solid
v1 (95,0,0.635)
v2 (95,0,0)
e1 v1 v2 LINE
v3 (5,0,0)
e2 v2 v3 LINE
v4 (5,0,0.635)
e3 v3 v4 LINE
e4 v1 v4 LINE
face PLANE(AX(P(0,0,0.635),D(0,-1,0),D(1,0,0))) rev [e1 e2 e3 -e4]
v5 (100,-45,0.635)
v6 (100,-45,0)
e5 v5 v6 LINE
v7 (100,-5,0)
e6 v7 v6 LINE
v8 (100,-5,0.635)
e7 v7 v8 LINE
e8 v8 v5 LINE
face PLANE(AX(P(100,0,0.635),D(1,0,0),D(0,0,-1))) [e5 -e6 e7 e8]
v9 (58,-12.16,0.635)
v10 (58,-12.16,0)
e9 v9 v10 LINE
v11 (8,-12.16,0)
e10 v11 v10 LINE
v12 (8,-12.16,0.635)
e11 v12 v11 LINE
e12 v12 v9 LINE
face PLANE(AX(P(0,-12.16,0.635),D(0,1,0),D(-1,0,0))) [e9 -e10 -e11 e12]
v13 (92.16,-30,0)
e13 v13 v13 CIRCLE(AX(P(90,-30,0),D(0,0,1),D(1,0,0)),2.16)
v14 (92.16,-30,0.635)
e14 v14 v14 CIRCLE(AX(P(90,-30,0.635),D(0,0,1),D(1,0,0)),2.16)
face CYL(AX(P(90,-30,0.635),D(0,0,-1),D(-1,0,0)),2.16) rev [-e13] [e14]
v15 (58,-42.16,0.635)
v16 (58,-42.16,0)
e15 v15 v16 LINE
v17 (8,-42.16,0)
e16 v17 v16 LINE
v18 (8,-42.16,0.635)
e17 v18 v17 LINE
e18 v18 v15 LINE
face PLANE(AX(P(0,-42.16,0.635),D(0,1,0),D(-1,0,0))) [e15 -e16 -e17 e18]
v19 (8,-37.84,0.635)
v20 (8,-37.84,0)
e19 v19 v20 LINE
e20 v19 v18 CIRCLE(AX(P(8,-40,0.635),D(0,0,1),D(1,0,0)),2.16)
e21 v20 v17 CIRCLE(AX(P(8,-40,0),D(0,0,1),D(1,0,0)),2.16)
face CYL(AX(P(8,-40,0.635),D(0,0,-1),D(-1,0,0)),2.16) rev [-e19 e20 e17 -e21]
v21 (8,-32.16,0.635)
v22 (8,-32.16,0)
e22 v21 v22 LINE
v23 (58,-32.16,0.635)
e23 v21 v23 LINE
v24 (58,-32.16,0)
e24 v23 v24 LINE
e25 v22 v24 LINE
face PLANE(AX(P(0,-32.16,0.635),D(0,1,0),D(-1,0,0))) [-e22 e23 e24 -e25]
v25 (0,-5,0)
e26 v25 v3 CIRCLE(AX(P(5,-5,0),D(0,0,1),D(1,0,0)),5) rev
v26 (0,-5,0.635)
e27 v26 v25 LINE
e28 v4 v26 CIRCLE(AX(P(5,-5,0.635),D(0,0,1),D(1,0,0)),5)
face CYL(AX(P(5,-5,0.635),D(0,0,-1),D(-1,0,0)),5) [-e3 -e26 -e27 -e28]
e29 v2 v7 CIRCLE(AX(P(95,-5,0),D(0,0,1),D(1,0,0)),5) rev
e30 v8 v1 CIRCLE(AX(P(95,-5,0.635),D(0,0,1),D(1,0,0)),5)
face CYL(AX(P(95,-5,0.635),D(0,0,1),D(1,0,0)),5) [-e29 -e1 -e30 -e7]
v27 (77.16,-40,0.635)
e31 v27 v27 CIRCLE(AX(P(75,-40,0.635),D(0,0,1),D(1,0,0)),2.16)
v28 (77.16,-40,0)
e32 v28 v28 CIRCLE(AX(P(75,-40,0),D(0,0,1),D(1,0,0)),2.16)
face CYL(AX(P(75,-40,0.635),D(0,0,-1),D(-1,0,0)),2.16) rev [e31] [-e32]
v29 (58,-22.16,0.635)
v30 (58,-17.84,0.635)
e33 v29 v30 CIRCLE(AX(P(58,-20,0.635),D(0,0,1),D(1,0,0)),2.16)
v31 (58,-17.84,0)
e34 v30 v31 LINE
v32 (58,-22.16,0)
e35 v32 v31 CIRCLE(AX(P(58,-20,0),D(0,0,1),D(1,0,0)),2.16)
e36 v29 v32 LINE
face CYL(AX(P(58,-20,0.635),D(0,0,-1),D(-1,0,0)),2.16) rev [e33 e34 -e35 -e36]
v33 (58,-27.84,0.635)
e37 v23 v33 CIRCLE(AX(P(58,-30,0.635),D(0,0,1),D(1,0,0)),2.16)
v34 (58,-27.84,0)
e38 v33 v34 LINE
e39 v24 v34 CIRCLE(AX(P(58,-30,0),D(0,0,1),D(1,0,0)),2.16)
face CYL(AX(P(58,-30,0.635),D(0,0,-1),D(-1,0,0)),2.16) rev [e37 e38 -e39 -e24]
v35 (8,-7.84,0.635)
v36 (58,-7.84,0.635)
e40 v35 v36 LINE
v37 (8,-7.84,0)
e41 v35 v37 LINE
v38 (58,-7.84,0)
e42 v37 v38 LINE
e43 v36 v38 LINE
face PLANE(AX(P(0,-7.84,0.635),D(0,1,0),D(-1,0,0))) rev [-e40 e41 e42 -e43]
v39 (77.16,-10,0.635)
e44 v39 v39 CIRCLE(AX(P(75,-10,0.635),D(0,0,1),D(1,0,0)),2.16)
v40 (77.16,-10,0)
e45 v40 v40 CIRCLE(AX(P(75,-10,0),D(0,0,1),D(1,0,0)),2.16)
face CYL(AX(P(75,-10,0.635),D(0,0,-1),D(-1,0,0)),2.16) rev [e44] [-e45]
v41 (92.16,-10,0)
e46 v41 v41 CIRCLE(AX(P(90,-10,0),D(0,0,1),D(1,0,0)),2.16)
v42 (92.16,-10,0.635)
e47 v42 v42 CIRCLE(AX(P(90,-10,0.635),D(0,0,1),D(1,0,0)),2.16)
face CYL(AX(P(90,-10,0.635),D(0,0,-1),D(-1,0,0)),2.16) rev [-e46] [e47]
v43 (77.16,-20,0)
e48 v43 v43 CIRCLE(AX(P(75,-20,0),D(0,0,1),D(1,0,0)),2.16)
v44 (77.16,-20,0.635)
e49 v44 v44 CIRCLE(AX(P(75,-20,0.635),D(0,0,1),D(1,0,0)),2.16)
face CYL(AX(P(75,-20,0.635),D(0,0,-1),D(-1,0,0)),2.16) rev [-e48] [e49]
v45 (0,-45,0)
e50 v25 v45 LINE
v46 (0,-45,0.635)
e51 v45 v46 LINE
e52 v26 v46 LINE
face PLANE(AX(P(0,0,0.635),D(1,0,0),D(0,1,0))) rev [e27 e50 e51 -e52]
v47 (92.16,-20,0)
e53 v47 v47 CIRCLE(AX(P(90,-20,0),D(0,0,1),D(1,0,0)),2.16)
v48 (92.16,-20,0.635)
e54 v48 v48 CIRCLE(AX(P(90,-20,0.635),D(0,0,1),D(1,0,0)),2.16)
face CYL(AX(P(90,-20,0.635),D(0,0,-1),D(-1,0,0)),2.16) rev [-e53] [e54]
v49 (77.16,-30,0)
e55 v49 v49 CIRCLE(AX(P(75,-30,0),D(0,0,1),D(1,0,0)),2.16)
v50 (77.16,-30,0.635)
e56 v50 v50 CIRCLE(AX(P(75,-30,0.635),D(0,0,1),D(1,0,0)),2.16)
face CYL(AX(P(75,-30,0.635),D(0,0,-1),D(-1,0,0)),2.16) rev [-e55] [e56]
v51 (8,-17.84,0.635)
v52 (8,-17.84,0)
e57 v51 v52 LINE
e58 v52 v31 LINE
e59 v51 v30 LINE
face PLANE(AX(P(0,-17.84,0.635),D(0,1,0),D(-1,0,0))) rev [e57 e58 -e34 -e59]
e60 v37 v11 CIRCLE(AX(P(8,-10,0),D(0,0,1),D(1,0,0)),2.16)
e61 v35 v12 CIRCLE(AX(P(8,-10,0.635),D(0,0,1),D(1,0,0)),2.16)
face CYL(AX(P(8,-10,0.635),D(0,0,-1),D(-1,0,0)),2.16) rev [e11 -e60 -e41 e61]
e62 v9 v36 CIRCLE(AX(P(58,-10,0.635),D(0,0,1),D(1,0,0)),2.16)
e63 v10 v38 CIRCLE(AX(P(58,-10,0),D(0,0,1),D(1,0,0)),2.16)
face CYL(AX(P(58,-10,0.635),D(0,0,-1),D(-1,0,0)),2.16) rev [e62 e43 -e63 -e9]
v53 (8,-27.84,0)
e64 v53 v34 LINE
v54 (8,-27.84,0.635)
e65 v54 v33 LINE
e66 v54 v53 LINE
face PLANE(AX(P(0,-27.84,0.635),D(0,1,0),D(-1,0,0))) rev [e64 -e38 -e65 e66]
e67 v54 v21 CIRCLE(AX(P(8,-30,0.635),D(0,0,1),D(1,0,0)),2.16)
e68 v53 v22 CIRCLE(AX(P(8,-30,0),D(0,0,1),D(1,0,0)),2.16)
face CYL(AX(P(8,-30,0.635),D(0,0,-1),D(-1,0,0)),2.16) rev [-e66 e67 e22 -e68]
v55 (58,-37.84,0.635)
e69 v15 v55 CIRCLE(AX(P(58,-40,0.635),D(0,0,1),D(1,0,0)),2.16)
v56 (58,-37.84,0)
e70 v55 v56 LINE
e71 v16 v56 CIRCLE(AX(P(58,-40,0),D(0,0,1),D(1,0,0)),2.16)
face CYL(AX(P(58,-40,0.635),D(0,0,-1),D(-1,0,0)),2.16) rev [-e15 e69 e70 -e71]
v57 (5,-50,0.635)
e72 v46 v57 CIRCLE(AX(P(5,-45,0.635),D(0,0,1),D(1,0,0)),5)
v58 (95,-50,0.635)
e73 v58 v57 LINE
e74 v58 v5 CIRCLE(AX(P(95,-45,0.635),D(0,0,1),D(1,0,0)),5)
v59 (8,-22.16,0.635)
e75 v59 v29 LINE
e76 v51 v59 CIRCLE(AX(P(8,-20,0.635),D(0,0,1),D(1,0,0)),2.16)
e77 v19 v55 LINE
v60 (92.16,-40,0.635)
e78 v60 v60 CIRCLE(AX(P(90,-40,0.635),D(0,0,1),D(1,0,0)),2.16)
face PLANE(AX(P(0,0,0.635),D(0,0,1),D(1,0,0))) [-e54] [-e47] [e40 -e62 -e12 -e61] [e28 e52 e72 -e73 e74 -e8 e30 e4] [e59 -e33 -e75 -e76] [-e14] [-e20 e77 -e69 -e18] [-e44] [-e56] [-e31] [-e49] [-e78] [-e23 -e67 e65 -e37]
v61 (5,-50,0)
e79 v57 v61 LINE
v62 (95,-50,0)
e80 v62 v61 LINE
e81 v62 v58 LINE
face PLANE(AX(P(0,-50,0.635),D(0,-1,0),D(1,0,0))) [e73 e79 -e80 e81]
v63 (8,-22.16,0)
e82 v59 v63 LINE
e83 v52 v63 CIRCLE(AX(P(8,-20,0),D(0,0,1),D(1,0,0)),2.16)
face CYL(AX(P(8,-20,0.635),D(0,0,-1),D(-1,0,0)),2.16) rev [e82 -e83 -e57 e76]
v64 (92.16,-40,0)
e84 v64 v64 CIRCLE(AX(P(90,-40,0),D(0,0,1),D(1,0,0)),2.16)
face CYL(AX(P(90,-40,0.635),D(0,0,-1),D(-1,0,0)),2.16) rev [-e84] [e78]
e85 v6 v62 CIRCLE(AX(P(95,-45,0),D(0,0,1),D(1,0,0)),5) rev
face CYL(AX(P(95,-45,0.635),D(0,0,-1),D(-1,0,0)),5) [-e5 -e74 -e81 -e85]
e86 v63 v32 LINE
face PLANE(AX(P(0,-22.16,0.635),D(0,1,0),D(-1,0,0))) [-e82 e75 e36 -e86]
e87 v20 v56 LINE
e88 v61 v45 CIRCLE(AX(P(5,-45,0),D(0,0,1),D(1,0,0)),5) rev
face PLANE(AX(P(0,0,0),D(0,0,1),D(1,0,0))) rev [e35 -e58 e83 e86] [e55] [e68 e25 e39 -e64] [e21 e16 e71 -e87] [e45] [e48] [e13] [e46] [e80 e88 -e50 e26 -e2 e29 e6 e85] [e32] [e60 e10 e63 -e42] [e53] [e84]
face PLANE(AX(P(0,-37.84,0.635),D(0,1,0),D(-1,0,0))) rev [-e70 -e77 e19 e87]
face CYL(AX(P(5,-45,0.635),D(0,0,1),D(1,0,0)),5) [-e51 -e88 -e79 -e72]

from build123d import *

# Parameters (mm, degrees)
SKETCH1_W           = 100
SKETCH1_H           = 50
SKETCH1_R           = 2.16
BOSS_EXTRUDE1_DEPTH = 0.635
FILLET1_R           = 5


with BuildPart() as part:
    # Sketch1 → Boss-Extrude1 (new body)
    with BuildSketch(Plane.XY):
        with Locations((50, -25)):
            Rectangle(SKETCH1_W, SKETCH1_H)
        with Locations((75, -10)):
            Circle(SKETCH1_R, mode=Mode.SUBTRACT)
        with Locations((90, -10)):
            Circle(SKETCH1_R, mode=Mode.SUBTRACT)
        with Locations((75, -20)):
            Circle(SKETCH1_R, mode=Mode.SUBTRACT)
        with Locations((90, -20)):
            Circle(SKETCH1_R, mode=Mode.SUBTRACT)
        with Locations((75, -30)):
            Circle(SKETCH1_R, mode=Mode.SUBTRACT)
        with Locations((90, -30)):
            Circle(SKETCH1_R, mode=Mode.SUBTRACT)
        with Locations((75, -40)):
            Circle(SKETCH1_R, mode=Mode.SUBTRACT)
        with Locations((90, -40)):
            Circle(SKETCH1_R, mode=Mode.SUBTRACT)
        with BuildLine():
            Line((8, -7.84), (58, -7.84))
            ThreePointArc((58, -7.84), (60.16, -10), (58, -12.16))
            Line((58, -12.16), (8, -12.16))
            ThreePointArc((8, -12.16), (5.84, -10), (8, -7.84))
        make_face(mode=Mode.SUBTRACT)
        with BuildLine():
            Line((8, -22.16), (58, -22.16))
            ThreePointArc((58, -22.16), (60.16, -20), (58, -17.84))
            Line((58, -17.84), (8, -17.84))
            ThreePointArc((8, -17.84), (5.84, -20), (8, -22.16))
        make_face(mode=Mode.SUBTRACT)
        with BuildLine():
            Line((8, -32.16), (58, -32.16))
            ThreePointArc((58, -32.16), (60.16, -30), (58, -27.84))
            Line((58, -27.84), (8, -27.84))
            ThreePointArc((8, -27.84), (5.84, -30), (8, -32.16))
        make_face(mode=Mode.SUBTRACT)
        with BuildLine():
            Line((8, -42.16), (58, -42.16))
            ThreePointArc((58, -42.16), (60.16, -40), (58, -37.84))
            Line((58, -37.84), (8, -37.84))
            ThreePointArc((8, -37.84), (5.84, -40), (8, -42.16))
        make_face(mode=Mode.SUBTRACT)
    extrude(amount=BOSS_EXTRUDE1_DEPTH)

    # Fillet1
    fillet1_edges = [part.edges().sort_by_distance(p)[0] for p in [
        (100, 0, 0.3175),
        (100, -50, 0.3175),
        (0, -50, 0.3175),
        (0, 0, 0.3175),
    ]]
    fillet(fillet1_edges, radius=FILLET1_R)


solid = part.part
